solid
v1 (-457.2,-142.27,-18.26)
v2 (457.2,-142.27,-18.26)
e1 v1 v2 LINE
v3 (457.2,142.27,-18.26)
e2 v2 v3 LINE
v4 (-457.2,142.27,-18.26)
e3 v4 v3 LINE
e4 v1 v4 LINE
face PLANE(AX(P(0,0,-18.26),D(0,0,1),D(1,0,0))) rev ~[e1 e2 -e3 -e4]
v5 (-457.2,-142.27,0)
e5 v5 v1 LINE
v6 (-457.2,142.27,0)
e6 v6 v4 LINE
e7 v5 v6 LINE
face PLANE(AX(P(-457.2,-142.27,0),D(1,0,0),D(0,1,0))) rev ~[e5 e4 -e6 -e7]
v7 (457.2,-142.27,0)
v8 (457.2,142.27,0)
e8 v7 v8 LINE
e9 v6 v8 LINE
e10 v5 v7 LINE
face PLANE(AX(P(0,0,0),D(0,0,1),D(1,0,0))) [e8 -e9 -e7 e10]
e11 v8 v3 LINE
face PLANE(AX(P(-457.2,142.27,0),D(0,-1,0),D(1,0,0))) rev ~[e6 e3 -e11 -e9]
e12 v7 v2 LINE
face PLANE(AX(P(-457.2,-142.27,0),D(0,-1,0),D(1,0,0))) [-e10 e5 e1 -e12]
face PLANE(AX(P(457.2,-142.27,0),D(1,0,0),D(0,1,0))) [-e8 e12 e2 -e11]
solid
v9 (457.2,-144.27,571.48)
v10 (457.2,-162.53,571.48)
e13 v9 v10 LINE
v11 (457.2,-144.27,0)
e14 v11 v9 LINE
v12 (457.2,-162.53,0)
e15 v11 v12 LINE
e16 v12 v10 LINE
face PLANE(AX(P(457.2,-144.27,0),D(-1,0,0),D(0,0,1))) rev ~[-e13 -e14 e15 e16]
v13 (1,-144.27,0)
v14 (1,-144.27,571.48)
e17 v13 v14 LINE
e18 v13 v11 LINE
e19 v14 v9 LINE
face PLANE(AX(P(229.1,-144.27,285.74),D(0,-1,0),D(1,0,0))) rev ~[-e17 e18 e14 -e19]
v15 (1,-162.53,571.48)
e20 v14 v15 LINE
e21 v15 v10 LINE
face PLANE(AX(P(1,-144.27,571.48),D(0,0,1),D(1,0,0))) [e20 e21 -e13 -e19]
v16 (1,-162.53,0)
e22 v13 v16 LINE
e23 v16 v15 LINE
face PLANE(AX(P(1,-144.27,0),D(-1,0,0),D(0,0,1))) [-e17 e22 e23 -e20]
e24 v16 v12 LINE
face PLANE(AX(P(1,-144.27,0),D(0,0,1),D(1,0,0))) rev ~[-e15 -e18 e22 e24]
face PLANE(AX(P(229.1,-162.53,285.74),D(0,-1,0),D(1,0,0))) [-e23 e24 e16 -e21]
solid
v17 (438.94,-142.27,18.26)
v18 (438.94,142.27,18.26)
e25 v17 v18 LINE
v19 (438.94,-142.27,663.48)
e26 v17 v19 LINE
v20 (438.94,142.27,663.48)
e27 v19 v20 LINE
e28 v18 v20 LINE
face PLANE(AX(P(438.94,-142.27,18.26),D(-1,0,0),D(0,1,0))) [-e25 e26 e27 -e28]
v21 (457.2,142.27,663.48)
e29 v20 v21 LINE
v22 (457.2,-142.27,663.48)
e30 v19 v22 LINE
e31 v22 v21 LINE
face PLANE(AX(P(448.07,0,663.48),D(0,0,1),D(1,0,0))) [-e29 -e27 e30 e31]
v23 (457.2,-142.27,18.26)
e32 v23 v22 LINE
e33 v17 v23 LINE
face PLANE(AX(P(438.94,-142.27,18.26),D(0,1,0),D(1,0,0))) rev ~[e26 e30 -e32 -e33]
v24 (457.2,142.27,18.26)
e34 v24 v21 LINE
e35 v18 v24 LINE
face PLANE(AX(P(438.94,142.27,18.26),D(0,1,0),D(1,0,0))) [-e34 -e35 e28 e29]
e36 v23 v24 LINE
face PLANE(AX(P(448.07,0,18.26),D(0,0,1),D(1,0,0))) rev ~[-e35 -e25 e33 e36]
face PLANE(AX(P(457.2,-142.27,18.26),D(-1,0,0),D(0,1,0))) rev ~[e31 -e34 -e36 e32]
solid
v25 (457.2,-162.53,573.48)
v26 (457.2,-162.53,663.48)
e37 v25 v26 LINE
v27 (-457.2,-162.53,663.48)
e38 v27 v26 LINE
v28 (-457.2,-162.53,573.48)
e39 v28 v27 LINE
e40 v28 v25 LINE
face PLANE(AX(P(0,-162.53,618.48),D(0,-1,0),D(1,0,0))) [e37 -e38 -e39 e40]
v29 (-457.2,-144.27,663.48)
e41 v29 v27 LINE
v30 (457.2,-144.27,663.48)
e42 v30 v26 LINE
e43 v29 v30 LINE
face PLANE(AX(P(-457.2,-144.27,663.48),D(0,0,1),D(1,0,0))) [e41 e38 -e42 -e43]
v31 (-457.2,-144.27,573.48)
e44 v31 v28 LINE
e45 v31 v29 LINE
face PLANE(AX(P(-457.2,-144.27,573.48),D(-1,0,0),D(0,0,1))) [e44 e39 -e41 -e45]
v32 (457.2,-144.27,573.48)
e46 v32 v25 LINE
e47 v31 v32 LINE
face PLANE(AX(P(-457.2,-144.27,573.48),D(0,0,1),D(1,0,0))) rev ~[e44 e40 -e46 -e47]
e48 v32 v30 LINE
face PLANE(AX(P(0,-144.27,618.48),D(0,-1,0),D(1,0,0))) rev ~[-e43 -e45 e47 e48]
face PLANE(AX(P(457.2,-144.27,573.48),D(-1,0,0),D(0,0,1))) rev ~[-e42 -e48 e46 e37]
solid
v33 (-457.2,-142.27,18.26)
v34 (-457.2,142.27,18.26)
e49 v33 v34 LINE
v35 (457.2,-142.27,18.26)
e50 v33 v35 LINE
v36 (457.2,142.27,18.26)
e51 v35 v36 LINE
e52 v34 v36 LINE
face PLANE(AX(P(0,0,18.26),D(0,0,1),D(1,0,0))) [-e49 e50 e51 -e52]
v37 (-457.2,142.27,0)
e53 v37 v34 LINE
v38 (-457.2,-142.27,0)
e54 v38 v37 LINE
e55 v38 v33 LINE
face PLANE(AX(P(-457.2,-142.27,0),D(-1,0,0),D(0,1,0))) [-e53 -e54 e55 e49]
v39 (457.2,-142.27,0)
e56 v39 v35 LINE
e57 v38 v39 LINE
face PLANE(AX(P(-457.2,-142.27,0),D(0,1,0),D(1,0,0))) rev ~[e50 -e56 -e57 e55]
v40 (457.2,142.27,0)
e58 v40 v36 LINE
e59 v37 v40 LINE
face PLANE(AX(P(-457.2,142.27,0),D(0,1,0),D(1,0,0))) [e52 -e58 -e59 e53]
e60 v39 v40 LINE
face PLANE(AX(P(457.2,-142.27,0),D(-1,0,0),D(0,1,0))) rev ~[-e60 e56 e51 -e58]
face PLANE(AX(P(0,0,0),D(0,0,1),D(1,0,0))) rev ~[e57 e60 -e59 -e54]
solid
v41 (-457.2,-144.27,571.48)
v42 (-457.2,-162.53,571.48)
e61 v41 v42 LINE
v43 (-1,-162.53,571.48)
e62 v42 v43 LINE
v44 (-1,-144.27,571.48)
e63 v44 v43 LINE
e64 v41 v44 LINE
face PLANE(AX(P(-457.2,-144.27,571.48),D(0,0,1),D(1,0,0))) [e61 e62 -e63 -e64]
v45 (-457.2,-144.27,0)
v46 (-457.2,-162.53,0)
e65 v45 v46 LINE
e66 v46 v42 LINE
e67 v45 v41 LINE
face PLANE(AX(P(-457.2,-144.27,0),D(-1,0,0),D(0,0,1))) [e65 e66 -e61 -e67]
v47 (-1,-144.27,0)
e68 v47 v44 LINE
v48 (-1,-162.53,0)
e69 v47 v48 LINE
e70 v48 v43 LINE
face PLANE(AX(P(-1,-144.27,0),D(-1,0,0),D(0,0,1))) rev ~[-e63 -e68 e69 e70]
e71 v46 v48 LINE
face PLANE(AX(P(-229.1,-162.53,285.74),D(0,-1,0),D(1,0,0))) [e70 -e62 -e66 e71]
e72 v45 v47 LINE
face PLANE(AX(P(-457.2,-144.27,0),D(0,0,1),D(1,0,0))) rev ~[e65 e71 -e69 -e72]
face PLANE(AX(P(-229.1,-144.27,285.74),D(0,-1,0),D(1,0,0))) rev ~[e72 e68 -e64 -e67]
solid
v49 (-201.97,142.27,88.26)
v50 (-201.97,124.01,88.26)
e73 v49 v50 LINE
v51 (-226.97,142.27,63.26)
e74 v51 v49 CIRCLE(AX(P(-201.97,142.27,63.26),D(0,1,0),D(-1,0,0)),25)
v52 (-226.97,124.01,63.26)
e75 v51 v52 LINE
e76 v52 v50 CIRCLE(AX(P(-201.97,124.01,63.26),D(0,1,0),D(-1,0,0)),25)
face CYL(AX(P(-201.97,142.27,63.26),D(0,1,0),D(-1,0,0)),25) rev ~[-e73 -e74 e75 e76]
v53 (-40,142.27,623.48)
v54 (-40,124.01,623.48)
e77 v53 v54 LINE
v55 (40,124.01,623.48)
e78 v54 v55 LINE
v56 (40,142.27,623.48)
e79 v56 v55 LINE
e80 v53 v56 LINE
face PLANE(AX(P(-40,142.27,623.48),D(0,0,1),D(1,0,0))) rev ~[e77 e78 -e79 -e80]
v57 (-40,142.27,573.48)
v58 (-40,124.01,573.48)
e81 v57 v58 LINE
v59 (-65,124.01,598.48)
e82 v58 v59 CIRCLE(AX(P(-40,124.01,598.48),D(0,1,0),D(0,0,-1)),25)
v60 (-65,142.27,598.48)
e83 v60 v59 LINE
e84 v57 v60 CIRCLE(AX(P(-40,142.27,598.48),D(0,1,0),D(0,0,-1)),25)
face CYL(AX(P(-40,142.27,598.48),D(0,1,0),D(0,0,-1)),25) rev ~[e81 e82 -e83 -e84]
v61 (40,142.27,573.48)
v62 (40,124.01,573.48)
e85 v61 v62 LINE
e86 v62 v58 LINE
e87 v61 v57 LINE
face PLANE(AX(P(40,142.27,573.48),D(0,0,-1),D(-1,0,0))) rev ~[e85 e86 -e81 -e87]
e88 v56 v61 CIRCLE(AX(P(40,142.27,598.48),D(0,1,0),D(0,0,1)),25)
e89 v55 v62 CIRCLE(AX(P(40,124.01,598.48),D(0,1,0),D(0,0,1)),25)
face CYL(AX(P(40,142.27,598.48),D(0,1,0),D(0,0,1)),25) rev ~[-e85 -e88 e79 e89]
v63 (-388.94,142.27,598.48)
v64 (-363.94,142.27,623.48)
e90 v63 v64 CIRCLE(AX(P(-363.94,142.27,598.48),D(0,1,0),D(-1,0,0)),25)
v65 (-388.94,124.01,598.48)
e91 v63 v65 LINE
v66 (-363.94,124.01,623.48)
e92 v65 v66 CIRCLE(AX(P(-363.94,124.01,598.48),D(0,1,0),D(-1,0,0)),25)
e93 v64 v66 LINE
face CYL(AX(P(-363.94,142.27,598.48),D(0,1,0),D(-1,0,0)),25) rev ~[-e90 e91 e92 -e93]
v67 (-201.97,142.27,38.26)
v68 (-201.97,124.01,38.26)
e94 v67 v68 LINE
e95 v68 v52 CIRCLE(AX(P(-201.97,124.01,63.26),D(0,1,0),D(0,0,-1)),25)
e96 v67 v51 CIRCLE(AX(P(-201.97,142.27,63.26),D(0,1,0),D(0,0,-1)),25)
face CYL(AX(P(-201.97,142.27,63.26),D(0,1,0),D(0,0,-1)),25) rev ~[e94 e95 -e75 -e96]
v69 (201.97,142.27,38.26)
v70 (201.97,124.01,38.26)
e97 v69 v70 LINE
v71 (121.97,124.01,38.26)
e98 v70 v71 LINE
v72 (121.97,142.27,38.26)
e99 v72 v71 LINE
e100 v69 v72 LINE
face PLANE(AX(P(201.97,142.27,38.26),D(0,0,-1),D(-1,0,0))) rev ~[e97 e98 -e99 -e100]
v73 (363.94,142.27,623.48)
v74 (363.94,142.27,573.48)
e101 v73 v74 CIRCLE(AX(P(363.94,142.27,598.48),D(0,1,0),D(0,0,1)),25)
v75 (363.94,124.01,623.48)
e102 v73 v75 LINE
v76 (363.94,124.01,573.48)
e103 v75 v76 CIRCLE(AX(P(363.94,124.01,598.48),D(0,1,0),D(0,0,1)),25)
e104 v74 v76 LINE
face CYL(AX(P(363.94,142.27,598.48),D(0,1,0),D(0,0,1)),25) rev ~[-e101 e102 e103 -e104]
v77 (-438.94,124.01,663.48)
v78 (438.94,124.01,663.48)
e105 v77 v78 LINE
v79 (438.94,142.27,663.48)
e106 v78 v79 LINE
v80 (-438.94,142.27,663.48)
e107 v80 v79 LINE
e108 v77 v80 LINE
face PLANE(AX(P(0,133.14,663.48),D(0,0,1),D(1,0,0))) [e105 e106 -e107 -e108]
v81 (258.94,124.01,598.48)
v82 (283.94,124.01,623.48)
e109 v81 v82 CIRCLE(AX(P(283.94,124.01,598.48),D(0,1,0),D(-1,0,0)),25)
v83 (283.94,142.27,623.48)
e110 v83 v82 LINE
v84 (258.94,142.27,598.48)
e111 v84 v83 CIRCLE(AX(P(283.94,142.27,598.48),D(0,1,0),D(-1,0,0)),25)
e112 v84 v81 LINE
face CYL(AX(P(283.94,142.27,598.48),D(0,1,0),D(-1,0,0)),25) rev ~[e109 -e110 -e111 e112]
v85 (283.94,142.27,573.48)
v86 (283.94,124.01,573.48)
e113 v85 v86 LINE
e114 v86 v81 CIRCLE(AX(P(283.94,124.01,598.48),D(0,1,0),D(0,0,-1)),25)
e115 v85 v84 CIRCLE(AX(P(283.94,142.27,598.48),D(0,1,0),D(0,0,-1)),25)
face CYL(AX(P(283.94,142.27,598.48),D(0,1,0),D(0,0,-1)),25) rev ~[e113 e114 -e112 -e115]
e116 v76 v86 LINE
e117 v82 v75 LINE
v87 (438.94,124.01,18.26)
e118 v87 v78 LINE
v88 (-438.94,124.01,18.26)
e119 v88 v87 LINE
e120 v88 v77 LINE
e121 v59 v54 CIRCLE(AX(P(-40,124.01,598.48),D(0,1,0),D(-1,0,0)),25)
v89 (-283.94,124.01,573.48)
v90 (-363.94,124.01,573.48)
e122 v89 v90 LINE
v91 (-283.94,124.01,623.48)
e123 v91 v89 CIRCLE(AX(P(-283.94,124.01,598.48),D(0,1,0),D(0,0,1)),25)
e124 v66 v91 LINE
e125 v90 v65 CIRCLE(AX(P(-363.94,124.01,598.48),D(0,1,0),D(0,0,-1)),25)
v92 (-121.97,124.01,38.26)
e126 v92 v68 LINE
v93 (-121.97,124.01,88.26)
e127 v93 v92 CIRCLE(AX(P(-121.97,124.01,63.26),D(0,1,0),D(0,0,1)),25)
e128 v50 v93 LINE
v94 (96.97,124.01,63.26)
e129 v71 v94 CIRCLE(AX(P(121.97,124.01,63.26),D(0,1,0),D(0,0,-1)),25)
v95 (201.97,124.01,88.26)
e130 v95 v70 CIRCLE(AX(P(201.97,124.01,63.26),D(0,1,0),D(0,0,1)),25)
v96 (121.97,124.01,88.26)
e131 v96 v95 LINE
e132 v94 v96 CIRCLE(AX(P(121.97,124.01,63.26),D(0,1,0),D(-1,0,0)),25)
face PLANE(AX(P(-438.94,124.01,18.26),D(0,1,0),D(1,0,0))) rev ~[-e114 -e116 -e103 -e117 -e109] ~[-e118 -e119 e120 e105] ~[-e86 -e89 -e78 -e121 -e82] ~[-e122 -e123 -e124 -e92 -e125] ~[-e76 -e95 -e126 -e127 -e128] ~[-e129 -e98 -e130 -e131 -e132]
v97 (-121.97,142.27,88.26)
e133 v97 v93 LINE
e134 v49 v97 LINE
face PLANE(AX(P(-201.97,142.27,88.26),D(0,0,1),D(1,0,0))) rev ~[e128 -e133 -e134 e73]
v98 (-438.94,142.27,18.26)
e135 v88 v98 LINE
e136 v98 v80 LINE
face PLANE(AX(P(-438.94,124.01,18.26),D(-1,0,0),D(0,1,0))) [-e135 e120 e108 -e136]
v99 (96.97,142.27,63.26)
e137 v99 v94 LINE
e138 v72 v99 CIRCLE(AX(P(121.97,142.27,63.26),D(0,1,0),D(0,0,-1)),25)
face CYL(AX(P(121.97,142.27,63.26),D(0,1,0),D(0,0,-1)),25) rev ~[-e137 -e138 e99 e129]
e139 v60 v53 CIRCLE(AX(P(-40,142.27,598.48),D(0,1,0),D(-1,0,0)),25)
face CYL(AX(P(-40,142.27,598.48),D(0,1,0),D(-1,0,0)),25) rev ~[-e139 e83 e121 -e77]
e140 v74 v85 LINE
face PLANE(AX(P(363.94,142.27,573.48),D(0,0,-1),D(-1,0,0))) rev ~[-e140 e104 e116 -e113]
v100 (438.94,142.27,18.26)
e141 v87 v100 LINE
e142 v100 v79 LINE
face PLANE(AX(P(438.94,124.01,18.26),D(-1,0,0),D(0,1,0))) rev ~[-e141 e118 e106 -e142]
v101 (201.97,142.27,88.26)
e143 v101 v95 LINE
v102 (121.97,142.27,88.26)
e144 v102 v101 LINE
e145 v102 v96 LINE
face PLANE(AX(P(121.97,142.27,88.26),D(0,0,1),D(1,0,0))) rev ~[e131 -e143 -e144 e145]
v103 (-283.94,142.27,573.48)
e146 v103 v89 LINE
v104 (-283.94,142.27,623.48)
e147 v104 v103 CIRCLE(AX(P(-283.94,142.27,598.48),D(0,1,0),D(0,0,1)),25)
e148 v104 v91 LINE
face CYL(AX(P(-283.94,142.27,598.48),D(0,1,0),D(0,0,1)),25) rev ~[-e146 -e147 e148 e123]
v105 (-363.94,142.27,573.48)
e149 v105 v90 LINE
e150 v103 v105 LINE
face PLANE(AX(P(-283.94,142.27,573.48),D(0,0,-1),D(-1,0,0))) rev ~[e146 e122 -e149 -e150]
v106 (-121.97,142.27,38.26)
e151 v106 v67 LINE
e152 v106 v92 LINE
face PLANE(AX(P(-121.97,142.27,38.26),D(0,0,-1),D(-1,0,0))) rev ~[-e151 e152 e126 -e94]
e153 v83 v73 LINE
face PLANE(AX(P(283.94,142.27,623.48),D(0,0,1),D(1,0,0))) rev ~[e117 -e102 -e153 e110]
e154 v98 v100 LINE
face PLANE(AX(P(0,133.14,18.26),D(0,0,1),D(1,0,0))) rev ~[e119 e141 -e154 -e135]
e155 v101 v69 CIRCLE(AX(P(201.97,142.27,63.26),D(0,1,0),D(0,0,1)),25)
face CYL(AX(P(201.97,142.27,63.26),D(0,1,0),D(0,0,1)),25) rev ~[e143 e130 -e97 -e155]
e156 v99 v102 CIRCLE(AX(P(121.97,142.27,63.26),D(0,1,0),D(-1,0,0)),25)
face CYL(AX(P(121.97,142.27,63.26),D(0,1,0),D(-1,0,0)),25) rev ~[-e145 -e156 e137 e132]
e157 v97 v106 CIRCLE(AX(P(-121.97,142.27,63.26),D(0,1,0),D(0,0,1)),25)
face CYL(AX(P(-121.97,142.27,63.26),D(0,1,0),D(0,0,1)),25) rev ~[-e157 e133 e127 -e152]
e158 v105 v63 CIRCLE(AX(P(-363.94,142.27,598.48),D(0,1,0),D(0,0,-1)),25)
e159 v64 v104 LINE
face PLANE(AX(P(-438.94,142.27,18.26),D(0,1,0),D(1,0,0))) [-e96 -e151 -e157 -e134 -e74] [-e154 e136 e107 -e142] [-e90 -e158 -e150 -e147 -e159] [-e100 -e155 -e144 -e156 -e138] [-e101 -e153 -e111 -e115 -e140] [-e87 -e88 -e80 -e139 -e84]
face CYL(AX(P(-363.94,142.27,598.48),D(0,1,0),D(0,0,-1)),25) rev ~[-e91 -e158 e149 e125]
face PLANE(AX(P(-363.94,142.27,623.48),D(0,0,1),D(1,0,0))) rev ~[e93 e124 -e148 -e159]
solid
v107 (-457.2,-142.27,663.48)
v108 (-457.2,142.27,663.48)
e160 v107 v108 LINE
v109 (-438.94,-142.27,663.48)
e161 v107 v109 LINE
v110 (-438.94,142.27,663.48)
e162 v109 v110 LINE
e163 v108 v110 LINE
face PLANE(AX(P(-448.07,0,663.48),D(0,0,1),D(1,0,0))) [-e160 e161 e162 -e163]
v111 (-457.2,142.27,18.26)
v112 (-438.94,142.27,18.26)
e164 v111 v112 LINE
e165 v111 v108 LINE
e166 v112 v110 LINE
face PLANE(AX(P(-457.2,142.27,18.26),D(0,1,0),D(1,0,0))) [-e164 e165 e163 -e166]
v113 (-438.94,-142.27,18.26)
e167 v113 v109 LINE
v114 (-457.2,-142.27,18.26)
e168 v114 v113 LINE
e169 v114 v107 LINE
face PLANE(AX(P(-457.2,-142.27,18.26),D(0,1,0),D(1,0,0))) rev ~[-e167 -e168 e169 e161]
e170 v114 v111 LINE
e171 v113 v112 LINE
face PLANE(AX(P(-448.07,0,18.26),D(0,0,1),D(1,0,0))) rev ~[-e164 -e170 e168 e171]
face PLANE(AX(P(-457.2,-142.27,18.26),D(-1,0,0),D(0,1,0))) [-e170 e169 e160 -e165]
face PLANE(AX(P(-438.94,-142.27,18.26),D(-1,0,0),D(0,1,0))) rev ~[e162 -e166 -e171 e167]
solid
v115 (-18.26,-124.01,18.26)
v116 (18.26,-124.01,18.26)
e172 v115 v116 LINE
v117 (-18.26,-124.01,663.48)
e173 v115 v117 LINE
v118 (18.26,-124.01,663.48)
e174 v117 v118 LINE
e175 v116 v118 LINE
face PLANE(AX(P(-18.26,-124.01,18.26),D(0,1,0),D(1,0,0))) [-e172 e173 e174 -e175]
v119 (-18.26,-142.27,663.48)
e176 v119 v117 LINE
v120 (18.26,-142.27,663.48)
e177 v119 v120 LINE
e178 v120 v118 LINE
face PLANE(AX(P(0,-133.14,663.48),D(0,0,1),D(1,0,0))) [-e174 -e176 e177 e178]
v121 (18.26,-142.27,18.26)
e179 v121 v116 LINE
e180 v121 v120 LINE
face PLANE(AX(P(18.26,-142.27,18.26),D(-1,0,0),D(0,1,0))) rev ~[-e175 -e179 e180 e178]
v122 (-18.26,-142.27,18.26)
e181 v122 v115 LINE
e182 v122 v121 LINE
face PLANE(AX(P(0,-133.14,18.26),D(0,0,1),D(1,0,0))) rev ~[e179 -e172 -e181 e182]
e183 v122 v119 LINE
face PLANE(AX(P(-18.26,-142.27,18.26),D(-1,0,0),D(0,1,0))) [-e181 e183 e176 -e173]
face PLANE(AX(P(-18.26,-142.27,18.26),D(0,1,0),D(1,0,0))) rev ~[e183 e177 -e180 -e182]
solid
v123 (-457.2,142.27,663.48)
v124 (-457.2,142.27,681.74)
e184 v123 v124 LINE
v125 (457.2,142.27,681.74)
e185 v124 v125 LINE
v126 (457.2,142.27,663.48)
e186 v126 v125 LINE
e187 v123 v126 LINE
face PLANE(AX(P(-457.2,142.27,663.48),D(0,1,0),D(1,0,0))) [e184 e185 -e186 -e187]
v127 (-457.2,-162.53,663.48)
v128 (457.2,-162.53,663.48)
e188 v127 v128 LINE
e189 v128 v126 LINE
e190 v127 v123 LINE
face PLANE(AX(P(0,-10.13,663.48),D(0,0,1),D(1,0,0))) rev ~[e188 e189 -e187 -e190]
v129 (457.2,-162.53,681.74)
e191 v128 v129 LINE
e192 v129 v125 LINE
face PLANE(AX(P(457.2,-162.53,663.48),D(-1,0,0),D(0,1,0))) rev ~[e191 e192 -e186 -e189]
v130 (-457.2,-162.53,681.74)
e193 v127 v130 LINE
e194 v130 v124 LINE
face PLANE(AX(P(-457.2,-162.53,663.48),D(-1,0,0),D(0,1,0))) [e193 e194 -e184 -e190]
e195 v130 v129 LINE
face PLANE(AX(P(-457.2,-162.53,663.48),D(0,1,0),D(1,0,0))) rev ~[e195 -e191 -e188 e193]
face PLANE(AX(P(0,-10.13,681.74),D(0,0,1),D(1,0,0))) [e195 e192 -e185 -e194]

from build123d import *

# Parameters (mm, degrees)
F0_W      = 914.4
F0_H      = 284.54
F1_DEPTH  = 18.26
F2_W      = 18.26
F2_H      = 284.54
F3_DEPTH  = 645.22
F4_W      = 877.88
F4_H      = 18.26
F5_DEPTH  = 645.22
F6_W      = 36.52
F6_H      = 18.26
F7_DEPTH  = 645.22
F8_DEPTH  = 18.26
F10_W     = 914.4
F10_H     = 90
F11_DEPTH = 18.26
F12_W     = 914.4
F12_H     = 304.8
F13_DEPTH = 18.26
F14_W     = 456.2
F14_H     = 571.48
F15_DEPTH = 18.26
F17_DEPTH = 25


with BuildPart() as f1:
    # F0 (on Top) → F1 (new body)
    with BuildSketch(Plane.XY):
        Rectangle(F0_W, F0_H)
    extrude(amount=F1_DEPTH)


with BuildPart() as f3:
    # F2 (on face) → F3 (new body)
    with BuildSketch(Plane.XY.offset(18.26)):
        with Locations((448.07, 0)):
            Rectangle(F2_W, F2_H)
    extrude(amount=F3_DEPTH)


with BuildPart() as f3b:
    # F2 (on face) → F3, piece 2 (new body)
    with BuildSketch(Plane.XY.offset(18.26)):
        with Locations((-448.07, 0)):
            Rectangle(F2_W, F2_H)
    extrude(amount=F3_DEPTH)


with BuildPart() as f5:
    # F4 (on face) → F5 (new body, through all)
    with BuildSketch(Plane.XY.offset(18.26)):
        with Locations((0, 133.14)):
            Rectangle(F4_W, F4_H)
    extrude(amount=F5_DEPTH)

    # F16 (on face) → F17 (cut)
    with BuildSketch(Plane(origin=(0, 142.27, 0), x_dir=(-1, 0, 0), z_dir=(0, 1, 0))):
        with BuildLine():
            ThreePointArc((-363.94, 573.48), (-346.2623304703, 580.8023304703), (-338.94, 598.48))
            ThreePointArc((-338.94, 598.48), (-346.2623304703, 616.1576695297), (-363.94, 623.48))
            ThreePointArc((-363.94, 623.48), (-388.94, 598.48), (-363.94, 573.48))
        make_face()
        with BuildLine():
            ThreePointArc((-363.94, 623.48), (-346.2623304703, 616.1576695297), (-338.94, 598.48))
            ThreePointArc((-338.94, 598.48), (-346.2623304703, 580.8023304703), (-363.94, 573.48))
            Line((-363.94, 573.48), (-283.94, 573.48))
            ThreePointArc((-283.94, 573.48), (-308.94, 598.48), (-283.94, 623.48))
            Line((-283.94, 623.48), (-363.94, 623.48))
        make_face()
        with BuildLine():
            ThreePointArc((-258.94, 598.48), (-266.2623304703, 616.1576695297), (-283.94, 623.48))
            ThreePointArc((-283.94, 623.48), (-308.94, 598.48), (-283.94, 573.48))
            ThreePointArc((-283.94, 573.48), (-266.2623304703, 580.8023304703), (-258.94, 598.48))
        make_face()
        with BuildLine():
            ThreePointArc((40, 573.48), (57.6776695297, 580.8023304703), (65, 598.48))
            ThreePointArc((65, 598.48), (57.6776695297, 616.1576695297), (40, 623.48))
            ThreePointArc((40, 623.48), (15, 598.48), (40, 573.48))
        make_face()
        with BuildLine():
            ThreePointArc((40, 573.48), (15, 598.48), (40, 623.48))
            Line((40, 623.48), (-40, 623.48))
            ThreePointArc((-40, 623.48), (-22.3223304703, 616.1576695297), (-15, 598.48))
            ThreePointArc((-15, 598.48), (-22.3223304703, 580.8023304703), (-40, 573.48))
            Line((-40, 573.48), (40, 573.48))
        make_face()
        with BuildLine():
            ThreePointArc((-15, 598.48), (-22.3223304703, 616.1576695297), (-40, 623.48))
            ThreePointArc((-40, 623.48), (-65, 598.48), (-40, 573.48))
            ThreePointArc((-40, 573.48), (-22.3223304703, 580.8023304703), (-15, 598.48))
        make_face()
        with BuildLine():
            ThreePointArc((363.94, 573.48), (381.6176695297, 580.8023304703), (388.94, 598.48))
            ThreePointArc((388.94, 598.48), (381.6176695297, 616.1576695297), (363.94, 623.48))
            ThreePointArc((363.94, 623.48), (338.94, 598.48), (363.94, 573.48))
        make_face()
        with BuildLine():
            ThreePointArc((363.94, 573.48), (338.94, 598.48), (363.94, 623.48))
            Line((363.94, 623.48), (283.94, 623.48))
            ThreePointArc((283.94, 623.48), (301.6176695297, 616.1576695297), (308.94, 598.48))
            ThreePointArc((308.94, 598.48), (301.6176695297, 580.8023304703), (283.94, 573.48))
            Line((283.94, 573.48), (363.94, 573.48))
        make_face()
        with BuildLine():
            ThreePointArc((308.94, 598.48), (301.6176695297, 616.1576695297), (283.94, 623.48))
            ThreePointArc((283.94, 623.48), (258.94, 598.48), (283.94, 573.48))
            ThreePointArc((283.94, 573.48), (301.6176695297, 580.8023304703), (308.94, 598.48))
        make_face()
        with BuildLine():
            ThreePointArc((121.97, 38.26), (139.6476695297, 45.5823304703), (146.97, 63.26))
            ThreePointArc((146.97, 63.26), (139.6476695297, 80.9376695297), (121.97, 88.26))
            ThreePointArc((121.97, 88.26), (96.97, 63.26), (121.97, 38.26))
        make_face()
        with BuildLine():
            ThreePointArc((121.97, 88.26), (139.6476695297, 80.9376695297), (146.97, 63.26))
            ThreePointArc((146.97, 63.26), (139.6476695297, 45.5823304703), (121.97, 38.26))
            Line((121.97, 38.26), (201.97, 38.26))
            ThreePointArc((201.97, 38.26), (176.97, 63.26), (201.97, 88.26))
            Line((201.97, 88.26), (121.97, 88.26))
        make_face()
        with BuildLine():
            ThreePointArc((226.97, 63.26), (219.6476695297, 80.9376695297), (201.97, 88.26))
            ThreePointArc((201.97, 88.26), (176.97, 63.26), (201.97, 38.26))
            ThreePointArc((201.97, 38.26), (219.6476695297, 45.5823304703), (226.97, 63.26))
        make_face()
        with BuildLine():
            ThreePointArc((-176.97, 63.26), (-184.2923304703, 45.5823304703), (-201.97, 38.26))
            Line((-201.97, 38.26), (-121.97, 38.26))
            ThreePointArc((-121.97, 38.26), (-146.97, 63.26), (-121.97, 88.26))
            Line((-121.97, 88.26), (-201.97, 88.26))
            ThreePointArc((-201.97, 88.26), (-184.2923304703, 80.9376695297), (-176.97, 63.26))
        make_face()
        with BuildLine():
            ThreePointArc((-201.97, 88.26), (-226.97, 63.26), (-201.97, 38.26))
            ThreePointArc((-201.97, 38.26), (-184.2923304703, 45.5823304703), (-176.97, 63.26))
            ThreePointArc((-176.97, 63.26), (-184.2923304703, 80.9376695297), (-201.97, 88.26))
        make_face()
        with BuildLine():
            ThreePointArc((-121.97, 88.26), (-146.97, 63.26), (-121.97, 38.26))
            ThreePointArc((-121.97, 38.26), (-104.2923304703, 45.5823304703), (-96.97, 63.26))
            ThreePointArc((-96.97, 63.26), (-104.2923304703, 80.9376695297), (-121.97, 88.26))
        make_face()
    extrude(amount=-F17_DEPTH, mode=Mode.SUBTRACT)


with BuildPart() as f7:
    # F6 (on face) → F7 (new body, through all)
    with BuildSketch(Plane.XY.offset(18.26)):
        with Locations((0, -133.14)):
            Rectangle(F6_W, F6_H)
    extrude(amount=F7_DEPTH)


with BuildPart() as f8:
    # F8 (new): a face of the model
    f8_faces = [f1.part.faces().sort_by_distance(p)[0] for p in [
        (0, 0, 0),
    ]]
    extrude(f8_faces, amount=F8_DEPTH)


with BuildPart() as f11:
    # F10 (on offset) → F11 (new body)
    with BuildSketch(Plane.XZ.offset(144.27)):
        with Locations((0, 618.48)):
            Rectangle(F10_W, F10_H)
    extrude(amount=F11_DEPTH)


with BuildPart() as f13:
    # F12 (on face) → F13 (new body)
    with BuildSketch(Plane.XY.offset(663.48)):
        with Locations((0, -10.13)):
            Rectangle(F12_W, F12_H)
    extrude(amount=F13_DEPTH)


with BuildPart() as f15:
    # F14 (on offset) → F15 (new body)
    with BuildSketch(Plane.XZ.offset(144.27)):
        with Locations((-229.1, 285.74)):
            Rectangle(F14_W, F14_H)
    extrude(amount=F15_DEPTH)


with BuildPart() as f15b:
    # F14 (on offset) → F15, piece 2 (new body)
    with BuildSketch(Plane.XZ.offset(144.27)):
        with Locations((229.1, 285.74)):
            Rectangle(F14_W, F14_H)
    extrude(amount=F15_DEPTH)


solid = Compound([f1.part, f3.part, f3b.part, f5.part, f7.part, f8.part, f11.part, f13.part, f15.part, f15b.part])
